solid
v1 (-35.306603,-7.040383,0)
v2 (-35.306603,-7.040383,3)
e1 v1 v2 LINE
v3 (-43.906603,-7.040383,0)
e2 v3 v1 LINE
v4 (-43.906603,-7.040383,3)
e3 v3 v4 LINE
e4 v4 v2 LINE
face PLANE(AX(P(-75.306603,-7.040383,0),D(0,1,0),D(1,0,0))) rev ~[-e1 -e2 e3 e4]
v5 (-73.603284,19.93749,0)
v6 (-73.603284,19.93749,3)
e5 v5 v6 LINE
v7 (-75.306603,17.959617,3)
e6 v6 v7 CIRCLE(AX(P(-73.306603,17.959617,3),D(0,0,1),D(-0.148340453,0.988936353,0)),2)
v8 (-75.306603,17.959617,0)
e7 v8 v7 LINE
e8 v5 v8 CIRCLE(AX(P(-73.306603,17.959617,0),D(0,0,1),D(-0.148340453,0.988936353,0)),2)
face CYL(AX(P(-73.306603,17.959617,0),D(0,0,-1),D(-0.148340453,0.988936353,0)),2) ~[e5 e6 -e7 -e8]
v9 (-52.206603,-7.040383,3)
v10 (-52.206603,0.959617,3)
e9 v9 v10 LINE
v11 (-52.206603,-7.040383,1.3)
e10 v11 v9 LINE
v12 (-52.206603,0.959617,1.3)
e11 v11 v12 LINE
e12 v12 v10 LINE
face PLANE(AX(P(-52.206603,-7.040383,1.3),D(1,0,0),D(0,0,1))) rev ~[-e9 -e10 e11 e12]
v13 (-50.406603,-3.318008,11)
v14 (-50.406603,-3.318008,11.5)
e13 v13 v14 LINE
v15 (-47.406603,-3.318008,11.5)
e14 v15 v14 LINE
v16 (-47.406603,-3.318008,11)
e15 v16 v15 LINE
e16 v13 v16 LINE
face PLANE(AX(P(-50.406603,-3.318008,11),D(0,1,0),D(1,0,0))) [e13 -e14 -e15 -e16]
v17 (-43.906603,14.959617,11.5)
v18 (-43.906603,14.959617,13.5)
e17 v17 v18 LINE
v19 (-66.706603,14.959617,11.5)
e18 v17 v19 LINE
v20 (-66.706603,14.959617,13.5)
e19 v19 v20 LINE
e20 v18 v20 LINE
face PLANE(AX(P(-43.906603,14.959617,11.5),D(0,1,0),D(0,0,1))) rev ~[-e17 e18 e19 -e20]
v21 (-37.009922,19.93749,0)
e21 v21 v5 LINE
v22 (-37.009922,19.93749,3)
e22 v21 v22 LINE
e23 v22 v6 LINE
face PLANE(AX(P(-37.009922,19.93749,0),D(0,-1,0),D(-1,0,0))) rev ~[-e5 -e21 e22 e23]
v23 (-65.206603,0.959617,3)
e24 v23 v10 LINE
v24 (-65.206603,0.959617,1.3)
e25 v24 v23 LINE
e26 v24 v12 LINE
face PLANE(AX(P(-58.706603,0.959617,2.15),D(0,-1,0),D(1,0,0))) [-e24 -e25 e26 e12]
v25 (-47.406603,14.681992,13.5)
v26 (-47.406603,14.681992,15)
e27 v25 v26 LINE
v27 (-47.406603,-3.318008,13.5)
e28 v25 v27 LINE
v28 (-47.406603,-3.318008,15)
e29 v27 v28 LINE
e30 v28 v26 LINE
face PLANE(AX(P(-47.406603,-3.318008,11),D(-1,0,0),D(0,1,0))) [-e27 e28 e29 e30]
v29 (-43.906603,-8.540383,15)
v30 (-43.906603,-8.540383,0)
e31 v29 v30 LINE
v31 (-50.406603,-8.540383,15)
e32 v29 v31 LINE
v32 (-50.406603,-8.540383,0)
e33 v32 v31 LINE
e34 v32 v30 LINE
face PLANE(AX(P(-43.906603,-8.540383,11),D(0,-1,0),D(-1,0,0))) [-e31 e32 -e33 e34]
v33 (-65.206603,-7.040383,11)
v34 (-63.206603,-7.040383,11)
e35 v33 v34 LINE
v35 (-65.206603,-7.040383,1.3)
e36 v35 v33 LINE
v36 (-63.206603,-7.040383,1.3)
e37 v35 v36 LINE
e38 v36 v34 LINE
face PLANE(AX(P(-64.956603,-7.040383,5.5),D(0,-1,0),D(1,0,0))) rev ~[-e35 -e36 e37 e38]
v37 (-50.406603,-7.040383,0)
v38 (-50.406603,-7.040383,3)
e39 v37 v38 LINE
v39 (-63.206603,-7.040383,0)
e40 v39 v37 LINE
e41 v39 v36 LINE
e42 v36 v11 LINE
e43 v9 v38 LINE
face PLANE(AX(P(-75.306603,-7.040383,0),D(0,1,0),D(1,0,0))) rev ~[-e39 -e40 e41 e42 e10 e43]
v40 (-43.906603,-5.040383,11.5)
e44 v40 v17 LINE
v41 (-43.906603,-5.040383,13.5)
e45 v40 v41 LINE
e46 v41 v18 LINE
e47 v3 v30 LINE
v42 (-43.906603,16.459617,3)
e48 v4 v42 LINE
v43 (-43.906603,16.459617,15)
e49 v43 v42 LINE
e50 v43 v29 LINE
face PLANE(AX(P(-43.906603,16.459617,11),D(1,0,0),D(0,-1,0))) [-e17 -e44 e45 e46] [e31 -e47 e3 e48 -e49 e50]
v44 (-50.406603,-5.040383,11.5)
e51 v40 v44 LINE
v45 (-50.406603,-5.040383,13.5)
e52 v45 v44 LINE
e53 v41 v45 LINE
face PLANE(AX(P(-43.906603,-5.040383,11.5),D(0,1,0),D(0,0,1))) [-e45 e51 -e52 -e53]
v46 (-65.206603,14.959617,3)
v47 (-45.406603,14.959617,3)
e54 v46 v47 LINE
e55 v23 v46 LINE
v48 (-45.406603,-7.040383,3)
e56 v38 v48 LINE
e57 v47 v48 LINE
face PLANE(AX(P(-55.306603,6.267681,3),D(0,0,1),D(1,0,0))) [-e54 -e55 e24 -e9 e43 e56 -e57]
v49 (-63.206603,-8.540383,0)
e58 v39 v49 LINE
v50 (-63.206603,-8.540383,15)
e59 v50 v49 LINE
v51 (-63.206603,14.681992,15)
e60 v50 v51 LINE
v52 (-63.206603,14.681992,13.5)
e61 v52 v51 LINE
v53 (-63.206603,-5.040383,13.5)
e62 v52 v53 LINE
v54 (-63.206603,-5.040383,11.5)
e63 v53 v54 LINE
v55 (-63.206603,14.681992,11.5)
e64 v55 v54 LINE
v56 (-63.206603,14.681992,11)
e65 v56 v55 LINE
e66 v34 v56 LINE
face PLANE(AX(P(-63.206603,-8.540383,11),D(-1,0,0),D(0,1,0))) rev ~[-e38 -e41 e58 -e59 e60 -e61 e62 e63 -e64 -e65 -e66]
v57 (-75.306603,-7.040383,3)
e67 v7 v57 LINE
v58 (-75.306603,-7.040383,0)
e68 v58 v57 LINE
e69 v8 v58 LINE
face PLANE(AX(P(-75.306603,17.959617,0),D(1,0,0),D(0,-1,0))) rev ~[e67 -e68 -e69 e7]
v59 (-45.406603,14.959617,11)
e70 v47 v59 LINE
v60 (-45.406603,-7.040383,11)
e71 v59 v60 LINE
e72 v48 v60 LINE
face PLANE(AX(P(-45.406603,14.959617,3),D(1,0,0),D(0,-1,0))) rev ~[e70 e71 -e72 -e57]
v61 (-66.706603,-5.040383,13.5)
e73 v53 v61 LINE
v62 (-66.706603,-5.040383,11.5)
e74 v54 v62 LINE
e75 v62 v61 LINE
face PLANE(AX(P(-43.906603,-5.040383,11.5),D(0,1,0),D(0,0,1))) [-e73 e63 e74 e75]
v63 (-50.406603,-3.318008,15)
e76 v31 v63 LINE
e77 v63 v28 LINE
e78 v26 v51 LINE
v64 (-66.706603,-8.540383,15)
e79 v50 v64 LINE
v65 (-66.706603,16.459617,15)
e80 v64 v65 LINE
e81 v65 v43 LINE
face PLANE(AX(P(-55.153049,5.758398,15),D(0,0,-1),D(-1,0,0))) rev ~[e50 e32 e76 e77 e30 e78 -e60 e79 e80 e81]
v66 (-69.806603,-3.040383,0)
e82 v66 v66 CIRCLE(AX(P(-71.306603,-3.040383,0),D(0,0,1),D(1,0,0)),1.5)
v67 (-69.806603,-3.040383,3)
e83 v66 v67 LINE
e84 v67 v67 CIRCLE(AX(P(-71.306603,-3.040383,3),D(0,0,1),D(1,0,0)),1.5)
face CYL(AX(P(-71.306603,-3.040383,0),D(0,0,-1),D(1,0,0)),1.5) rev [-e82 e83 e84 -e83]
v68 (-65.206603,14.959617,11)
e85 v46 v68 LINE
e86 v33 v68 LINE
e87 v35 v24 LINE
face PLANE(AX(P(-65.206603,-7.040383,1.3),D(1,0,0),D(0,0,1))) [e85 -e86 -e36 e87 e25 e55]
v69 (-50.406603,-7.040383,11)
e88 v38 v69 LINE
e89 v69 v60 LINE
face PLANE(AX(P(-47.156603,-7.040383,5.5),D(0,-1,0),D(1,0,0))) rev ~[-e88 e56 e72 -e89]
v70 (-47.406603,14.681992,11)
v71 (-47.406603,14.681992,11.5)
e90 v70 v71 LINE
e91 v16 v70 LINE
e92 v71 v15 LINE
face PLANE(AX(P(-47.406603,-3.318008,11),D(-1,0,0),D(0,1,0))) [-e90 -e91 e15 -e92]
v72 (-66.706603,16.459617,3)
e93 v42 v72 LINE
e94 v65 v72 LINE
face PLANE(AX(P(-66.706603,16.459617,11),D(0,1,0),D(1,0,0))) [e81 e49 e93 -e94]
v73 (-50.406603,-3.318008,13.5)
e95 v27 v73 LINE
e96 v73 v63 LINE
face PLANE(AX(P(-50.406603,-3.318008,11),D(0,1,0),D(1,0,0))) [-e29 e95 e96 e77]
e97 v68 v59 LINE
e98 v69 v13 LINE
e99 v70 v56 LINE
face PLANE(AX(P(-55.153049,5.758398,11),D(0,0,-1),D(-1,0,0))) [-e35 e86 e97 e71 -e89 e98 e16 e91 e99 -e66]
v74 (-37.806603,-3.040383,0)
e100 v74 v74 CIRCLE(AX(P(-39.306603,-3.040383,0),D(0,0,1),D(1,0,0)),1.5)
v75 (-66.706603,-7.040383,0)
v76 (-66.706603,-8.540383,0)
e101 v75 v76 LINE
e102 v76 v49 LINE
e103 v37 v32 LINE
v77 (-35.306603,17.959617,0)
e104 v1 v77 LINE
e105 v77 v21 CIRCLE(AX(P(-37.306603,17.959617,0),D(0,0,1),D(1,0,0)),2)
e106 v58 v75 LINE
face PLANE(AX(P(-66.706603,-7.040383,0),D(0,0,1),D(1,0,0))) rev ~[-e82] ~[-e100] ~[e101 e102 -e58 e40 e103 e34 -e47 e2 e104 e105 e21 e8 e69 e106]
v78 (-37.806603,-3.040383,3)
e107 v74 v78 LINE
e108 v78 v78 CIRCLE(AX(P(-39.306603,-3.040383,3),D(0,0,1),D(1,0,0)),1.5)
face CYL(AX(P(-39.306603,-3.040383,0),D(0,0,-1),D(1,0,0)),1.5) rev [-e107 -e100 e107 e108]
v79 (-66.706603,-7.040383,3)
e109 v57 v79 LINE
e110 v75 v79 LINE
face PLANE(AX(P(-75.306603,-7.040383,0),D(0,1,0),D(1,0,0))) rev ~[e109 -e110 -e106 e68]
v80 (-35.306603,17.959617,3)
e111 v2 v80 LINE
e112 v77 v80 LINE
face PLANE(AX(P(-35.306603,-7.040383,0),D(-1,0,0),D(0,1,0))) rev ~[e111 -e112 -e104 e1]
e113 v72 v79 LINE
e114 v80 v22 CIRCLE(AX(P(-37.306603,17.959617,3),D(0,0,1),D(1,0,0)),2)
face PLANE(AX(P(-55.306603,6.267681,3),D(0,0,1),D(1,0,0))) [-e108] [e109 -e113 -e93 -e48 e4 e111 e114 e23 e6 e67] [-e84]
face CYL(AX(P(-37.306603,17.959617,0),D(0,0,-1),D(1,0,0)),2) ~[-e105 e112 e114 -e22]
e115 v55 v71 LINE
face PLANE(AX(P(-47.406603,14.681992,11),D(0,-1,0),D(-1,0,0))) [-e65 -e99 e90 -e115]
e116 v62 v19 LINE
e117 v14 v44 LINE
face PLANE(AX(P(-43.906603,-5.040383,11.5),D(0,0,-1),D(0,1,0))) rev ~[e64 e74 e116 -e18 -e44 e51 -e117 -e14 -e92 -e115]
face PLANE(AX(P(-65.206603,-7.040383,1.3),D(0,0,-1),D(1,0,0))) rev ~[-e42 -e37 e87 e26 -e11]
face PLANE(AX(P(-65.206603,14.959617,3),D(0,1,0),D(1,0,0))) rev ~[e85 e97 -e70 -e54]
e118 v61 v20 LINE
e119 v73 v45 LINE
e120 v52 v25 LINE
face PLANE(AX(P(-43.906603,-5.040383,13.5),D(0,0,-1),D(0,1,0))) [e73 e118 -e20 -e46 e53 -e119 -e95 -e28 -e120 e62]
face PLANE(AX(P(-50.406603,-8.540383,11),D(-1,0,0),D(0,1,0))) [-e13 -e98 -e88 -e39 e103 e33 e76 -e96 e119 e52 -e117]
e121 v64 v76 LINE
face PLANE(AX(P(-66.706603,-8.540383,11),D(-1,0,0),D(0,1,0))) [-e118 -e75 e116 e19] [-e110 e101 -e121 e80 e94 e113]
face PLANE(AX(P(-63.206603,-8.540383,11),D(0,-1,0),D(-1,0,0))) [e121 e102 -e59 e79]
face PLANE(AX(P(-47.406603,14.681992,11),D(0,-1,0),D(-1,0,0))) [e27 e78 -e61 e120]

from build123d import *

# Parameters (mm, degrees)
CROQUIS1_R              = 1.5
SALIENTE_EXTRUIR1_DEPTH = 3
SALIENTE_EXTRUIR2_DEPTH = 8
CROQUIS3_W              = 13
CROQUIS3_H              = 1.7
CORTAR_EXTRUIR1_DEPTH   = 8
CROQUIS5_W              = 3.5
CROQUIS5_H              = 11
CROQUIS5_W_2            = 6.5
SALIENTE_EXTRUIR3_DEPTH = 1.5
SALIENTE_EXTRUIR4_DEPTH = 4
CORTAR_EXTRUIR2_START   = -22.8
CROQUIS11_W             = 2
CROQUIS11_H             = 20
CORTAR_EXTRUIR2_DEPTH   = 22.8


with BuildPart() as part:
    # Croquis1 → Saliente-Extruir1 (new body)
    with BuildSketch(Plane.XY):
        with BuildLine():
            Line((-75.306602598, 17.959617496), (-75.306602598, -7.040382504))
            Line((-75.306602598, -7.040382504), (-35.306602598, -7.040382504))
            Line((-35.306602598, -7.040382504), (-35.306602598, 17.959617496))
            ThreePointArc((-35.306602598, 17.959617496), (-35.791122177, 19.26473017), (-37.009921692, 19.937490201))
            Line((-37.009921692, 19.937490201), (-73.603283504, 19.937490201))
            ThreePointArc((-73.603283504, 19.937490201), (-74.822083019, 19.26473017), (-75.306602598, 17.959617496))
        make_face()
        with Locations((-71.306602598, -3.040382504)):
            Circle(CROQUIS1_R, mode=Mode.SUBTRACT)
        with Locations((-39.306602598, -3.040382504)):
            Circle(CROQUIS1_R, mode=Mode.SUBTRACT)
    extrude(amount=SALIENTE_EXTRUIR1_DEPTH)

    # Croquis2 → Saliente-Extruir2 (add)
    with BuildSketch(Plane.XY.offset(3)):
        Polygon((-66.706602598, -7.040382504), (-65.206602598, -7.040382504), (-65.206602598, 14.959617496), (-45.406602598, 14.959617496), (-45.406602598, -7.040382504), (-43.906602598, -7.040382504), (-43.906602598, 16.459617496), (-66.706602598, 16.459617496), align=None)
    extrude(amount=SALIENTE_EXTRUIR2_DEPTH)

    # Croquis3 → Cortar-Extruir1 (cut)
    with BuildSketch(Plane.XZ.offset(7.040382504)):
        with Locations((-58.706602598, 2.15)):
            Rectangle(CROQUIS3_W, CROQUIS3_H)
    extrude(amount=-CORTAR_EXTRUIR1_DEPTH, mode=Mode.SUBTRACT)

    # Croquis5 → Saliente-Extruir3 (add)
    with BuildSketch(Plane.XZ.offset(7.040382504)):
        with Locations((-64.956602598, 5.5)):
            Rectangle(CROQUIS5_W, CROQUIS5_H)
        with Locations((-47.156602598, 5.5)):
            Rectangle(CROQUIS5_W_2, CROQUIS5_H)
    extrude(amount=SALIENTE_EXTRUIR3_DEPTH)

    # Croquis6 → Saliente-Extruir4 (add)
    with BuildSketch(Plane.XY.offset(11)):
        Polygon((-63.206602598, -7.040382504), (-63.206602598, -8.540382504), (-66.706602598, -8.540382504), (-66.706602598, 16.459617496), (-43.906602598, 16.459617496), (-43.906602598, -8.540382504), (-50.406602598, -8.540382504), (-50.406602598, -3.318007663), (-47.406602598, -3.318007663), (-47.406602598, 14.681992337), (-63.206602598, 14.681992337), align=None)
    extrude(amount=SALIENTE_EXTRUIR4_DEPTH)

    # Croquis11 → Cortar-Extruir2 (cut)
    with BuildSketch(Plane.ZY.offset(66.706602598).offset(CORTAR_EXTRUIR2_START)):
        with Locations((12.5, 4.959617496)):
            Rectangle(CROQUIS11_W, CROQUIS11_H)
    extrude(amount=CORTAR_EXTRUIR2_DEPTH, mode=Mode.SUBTRACT)


solid = part.part
